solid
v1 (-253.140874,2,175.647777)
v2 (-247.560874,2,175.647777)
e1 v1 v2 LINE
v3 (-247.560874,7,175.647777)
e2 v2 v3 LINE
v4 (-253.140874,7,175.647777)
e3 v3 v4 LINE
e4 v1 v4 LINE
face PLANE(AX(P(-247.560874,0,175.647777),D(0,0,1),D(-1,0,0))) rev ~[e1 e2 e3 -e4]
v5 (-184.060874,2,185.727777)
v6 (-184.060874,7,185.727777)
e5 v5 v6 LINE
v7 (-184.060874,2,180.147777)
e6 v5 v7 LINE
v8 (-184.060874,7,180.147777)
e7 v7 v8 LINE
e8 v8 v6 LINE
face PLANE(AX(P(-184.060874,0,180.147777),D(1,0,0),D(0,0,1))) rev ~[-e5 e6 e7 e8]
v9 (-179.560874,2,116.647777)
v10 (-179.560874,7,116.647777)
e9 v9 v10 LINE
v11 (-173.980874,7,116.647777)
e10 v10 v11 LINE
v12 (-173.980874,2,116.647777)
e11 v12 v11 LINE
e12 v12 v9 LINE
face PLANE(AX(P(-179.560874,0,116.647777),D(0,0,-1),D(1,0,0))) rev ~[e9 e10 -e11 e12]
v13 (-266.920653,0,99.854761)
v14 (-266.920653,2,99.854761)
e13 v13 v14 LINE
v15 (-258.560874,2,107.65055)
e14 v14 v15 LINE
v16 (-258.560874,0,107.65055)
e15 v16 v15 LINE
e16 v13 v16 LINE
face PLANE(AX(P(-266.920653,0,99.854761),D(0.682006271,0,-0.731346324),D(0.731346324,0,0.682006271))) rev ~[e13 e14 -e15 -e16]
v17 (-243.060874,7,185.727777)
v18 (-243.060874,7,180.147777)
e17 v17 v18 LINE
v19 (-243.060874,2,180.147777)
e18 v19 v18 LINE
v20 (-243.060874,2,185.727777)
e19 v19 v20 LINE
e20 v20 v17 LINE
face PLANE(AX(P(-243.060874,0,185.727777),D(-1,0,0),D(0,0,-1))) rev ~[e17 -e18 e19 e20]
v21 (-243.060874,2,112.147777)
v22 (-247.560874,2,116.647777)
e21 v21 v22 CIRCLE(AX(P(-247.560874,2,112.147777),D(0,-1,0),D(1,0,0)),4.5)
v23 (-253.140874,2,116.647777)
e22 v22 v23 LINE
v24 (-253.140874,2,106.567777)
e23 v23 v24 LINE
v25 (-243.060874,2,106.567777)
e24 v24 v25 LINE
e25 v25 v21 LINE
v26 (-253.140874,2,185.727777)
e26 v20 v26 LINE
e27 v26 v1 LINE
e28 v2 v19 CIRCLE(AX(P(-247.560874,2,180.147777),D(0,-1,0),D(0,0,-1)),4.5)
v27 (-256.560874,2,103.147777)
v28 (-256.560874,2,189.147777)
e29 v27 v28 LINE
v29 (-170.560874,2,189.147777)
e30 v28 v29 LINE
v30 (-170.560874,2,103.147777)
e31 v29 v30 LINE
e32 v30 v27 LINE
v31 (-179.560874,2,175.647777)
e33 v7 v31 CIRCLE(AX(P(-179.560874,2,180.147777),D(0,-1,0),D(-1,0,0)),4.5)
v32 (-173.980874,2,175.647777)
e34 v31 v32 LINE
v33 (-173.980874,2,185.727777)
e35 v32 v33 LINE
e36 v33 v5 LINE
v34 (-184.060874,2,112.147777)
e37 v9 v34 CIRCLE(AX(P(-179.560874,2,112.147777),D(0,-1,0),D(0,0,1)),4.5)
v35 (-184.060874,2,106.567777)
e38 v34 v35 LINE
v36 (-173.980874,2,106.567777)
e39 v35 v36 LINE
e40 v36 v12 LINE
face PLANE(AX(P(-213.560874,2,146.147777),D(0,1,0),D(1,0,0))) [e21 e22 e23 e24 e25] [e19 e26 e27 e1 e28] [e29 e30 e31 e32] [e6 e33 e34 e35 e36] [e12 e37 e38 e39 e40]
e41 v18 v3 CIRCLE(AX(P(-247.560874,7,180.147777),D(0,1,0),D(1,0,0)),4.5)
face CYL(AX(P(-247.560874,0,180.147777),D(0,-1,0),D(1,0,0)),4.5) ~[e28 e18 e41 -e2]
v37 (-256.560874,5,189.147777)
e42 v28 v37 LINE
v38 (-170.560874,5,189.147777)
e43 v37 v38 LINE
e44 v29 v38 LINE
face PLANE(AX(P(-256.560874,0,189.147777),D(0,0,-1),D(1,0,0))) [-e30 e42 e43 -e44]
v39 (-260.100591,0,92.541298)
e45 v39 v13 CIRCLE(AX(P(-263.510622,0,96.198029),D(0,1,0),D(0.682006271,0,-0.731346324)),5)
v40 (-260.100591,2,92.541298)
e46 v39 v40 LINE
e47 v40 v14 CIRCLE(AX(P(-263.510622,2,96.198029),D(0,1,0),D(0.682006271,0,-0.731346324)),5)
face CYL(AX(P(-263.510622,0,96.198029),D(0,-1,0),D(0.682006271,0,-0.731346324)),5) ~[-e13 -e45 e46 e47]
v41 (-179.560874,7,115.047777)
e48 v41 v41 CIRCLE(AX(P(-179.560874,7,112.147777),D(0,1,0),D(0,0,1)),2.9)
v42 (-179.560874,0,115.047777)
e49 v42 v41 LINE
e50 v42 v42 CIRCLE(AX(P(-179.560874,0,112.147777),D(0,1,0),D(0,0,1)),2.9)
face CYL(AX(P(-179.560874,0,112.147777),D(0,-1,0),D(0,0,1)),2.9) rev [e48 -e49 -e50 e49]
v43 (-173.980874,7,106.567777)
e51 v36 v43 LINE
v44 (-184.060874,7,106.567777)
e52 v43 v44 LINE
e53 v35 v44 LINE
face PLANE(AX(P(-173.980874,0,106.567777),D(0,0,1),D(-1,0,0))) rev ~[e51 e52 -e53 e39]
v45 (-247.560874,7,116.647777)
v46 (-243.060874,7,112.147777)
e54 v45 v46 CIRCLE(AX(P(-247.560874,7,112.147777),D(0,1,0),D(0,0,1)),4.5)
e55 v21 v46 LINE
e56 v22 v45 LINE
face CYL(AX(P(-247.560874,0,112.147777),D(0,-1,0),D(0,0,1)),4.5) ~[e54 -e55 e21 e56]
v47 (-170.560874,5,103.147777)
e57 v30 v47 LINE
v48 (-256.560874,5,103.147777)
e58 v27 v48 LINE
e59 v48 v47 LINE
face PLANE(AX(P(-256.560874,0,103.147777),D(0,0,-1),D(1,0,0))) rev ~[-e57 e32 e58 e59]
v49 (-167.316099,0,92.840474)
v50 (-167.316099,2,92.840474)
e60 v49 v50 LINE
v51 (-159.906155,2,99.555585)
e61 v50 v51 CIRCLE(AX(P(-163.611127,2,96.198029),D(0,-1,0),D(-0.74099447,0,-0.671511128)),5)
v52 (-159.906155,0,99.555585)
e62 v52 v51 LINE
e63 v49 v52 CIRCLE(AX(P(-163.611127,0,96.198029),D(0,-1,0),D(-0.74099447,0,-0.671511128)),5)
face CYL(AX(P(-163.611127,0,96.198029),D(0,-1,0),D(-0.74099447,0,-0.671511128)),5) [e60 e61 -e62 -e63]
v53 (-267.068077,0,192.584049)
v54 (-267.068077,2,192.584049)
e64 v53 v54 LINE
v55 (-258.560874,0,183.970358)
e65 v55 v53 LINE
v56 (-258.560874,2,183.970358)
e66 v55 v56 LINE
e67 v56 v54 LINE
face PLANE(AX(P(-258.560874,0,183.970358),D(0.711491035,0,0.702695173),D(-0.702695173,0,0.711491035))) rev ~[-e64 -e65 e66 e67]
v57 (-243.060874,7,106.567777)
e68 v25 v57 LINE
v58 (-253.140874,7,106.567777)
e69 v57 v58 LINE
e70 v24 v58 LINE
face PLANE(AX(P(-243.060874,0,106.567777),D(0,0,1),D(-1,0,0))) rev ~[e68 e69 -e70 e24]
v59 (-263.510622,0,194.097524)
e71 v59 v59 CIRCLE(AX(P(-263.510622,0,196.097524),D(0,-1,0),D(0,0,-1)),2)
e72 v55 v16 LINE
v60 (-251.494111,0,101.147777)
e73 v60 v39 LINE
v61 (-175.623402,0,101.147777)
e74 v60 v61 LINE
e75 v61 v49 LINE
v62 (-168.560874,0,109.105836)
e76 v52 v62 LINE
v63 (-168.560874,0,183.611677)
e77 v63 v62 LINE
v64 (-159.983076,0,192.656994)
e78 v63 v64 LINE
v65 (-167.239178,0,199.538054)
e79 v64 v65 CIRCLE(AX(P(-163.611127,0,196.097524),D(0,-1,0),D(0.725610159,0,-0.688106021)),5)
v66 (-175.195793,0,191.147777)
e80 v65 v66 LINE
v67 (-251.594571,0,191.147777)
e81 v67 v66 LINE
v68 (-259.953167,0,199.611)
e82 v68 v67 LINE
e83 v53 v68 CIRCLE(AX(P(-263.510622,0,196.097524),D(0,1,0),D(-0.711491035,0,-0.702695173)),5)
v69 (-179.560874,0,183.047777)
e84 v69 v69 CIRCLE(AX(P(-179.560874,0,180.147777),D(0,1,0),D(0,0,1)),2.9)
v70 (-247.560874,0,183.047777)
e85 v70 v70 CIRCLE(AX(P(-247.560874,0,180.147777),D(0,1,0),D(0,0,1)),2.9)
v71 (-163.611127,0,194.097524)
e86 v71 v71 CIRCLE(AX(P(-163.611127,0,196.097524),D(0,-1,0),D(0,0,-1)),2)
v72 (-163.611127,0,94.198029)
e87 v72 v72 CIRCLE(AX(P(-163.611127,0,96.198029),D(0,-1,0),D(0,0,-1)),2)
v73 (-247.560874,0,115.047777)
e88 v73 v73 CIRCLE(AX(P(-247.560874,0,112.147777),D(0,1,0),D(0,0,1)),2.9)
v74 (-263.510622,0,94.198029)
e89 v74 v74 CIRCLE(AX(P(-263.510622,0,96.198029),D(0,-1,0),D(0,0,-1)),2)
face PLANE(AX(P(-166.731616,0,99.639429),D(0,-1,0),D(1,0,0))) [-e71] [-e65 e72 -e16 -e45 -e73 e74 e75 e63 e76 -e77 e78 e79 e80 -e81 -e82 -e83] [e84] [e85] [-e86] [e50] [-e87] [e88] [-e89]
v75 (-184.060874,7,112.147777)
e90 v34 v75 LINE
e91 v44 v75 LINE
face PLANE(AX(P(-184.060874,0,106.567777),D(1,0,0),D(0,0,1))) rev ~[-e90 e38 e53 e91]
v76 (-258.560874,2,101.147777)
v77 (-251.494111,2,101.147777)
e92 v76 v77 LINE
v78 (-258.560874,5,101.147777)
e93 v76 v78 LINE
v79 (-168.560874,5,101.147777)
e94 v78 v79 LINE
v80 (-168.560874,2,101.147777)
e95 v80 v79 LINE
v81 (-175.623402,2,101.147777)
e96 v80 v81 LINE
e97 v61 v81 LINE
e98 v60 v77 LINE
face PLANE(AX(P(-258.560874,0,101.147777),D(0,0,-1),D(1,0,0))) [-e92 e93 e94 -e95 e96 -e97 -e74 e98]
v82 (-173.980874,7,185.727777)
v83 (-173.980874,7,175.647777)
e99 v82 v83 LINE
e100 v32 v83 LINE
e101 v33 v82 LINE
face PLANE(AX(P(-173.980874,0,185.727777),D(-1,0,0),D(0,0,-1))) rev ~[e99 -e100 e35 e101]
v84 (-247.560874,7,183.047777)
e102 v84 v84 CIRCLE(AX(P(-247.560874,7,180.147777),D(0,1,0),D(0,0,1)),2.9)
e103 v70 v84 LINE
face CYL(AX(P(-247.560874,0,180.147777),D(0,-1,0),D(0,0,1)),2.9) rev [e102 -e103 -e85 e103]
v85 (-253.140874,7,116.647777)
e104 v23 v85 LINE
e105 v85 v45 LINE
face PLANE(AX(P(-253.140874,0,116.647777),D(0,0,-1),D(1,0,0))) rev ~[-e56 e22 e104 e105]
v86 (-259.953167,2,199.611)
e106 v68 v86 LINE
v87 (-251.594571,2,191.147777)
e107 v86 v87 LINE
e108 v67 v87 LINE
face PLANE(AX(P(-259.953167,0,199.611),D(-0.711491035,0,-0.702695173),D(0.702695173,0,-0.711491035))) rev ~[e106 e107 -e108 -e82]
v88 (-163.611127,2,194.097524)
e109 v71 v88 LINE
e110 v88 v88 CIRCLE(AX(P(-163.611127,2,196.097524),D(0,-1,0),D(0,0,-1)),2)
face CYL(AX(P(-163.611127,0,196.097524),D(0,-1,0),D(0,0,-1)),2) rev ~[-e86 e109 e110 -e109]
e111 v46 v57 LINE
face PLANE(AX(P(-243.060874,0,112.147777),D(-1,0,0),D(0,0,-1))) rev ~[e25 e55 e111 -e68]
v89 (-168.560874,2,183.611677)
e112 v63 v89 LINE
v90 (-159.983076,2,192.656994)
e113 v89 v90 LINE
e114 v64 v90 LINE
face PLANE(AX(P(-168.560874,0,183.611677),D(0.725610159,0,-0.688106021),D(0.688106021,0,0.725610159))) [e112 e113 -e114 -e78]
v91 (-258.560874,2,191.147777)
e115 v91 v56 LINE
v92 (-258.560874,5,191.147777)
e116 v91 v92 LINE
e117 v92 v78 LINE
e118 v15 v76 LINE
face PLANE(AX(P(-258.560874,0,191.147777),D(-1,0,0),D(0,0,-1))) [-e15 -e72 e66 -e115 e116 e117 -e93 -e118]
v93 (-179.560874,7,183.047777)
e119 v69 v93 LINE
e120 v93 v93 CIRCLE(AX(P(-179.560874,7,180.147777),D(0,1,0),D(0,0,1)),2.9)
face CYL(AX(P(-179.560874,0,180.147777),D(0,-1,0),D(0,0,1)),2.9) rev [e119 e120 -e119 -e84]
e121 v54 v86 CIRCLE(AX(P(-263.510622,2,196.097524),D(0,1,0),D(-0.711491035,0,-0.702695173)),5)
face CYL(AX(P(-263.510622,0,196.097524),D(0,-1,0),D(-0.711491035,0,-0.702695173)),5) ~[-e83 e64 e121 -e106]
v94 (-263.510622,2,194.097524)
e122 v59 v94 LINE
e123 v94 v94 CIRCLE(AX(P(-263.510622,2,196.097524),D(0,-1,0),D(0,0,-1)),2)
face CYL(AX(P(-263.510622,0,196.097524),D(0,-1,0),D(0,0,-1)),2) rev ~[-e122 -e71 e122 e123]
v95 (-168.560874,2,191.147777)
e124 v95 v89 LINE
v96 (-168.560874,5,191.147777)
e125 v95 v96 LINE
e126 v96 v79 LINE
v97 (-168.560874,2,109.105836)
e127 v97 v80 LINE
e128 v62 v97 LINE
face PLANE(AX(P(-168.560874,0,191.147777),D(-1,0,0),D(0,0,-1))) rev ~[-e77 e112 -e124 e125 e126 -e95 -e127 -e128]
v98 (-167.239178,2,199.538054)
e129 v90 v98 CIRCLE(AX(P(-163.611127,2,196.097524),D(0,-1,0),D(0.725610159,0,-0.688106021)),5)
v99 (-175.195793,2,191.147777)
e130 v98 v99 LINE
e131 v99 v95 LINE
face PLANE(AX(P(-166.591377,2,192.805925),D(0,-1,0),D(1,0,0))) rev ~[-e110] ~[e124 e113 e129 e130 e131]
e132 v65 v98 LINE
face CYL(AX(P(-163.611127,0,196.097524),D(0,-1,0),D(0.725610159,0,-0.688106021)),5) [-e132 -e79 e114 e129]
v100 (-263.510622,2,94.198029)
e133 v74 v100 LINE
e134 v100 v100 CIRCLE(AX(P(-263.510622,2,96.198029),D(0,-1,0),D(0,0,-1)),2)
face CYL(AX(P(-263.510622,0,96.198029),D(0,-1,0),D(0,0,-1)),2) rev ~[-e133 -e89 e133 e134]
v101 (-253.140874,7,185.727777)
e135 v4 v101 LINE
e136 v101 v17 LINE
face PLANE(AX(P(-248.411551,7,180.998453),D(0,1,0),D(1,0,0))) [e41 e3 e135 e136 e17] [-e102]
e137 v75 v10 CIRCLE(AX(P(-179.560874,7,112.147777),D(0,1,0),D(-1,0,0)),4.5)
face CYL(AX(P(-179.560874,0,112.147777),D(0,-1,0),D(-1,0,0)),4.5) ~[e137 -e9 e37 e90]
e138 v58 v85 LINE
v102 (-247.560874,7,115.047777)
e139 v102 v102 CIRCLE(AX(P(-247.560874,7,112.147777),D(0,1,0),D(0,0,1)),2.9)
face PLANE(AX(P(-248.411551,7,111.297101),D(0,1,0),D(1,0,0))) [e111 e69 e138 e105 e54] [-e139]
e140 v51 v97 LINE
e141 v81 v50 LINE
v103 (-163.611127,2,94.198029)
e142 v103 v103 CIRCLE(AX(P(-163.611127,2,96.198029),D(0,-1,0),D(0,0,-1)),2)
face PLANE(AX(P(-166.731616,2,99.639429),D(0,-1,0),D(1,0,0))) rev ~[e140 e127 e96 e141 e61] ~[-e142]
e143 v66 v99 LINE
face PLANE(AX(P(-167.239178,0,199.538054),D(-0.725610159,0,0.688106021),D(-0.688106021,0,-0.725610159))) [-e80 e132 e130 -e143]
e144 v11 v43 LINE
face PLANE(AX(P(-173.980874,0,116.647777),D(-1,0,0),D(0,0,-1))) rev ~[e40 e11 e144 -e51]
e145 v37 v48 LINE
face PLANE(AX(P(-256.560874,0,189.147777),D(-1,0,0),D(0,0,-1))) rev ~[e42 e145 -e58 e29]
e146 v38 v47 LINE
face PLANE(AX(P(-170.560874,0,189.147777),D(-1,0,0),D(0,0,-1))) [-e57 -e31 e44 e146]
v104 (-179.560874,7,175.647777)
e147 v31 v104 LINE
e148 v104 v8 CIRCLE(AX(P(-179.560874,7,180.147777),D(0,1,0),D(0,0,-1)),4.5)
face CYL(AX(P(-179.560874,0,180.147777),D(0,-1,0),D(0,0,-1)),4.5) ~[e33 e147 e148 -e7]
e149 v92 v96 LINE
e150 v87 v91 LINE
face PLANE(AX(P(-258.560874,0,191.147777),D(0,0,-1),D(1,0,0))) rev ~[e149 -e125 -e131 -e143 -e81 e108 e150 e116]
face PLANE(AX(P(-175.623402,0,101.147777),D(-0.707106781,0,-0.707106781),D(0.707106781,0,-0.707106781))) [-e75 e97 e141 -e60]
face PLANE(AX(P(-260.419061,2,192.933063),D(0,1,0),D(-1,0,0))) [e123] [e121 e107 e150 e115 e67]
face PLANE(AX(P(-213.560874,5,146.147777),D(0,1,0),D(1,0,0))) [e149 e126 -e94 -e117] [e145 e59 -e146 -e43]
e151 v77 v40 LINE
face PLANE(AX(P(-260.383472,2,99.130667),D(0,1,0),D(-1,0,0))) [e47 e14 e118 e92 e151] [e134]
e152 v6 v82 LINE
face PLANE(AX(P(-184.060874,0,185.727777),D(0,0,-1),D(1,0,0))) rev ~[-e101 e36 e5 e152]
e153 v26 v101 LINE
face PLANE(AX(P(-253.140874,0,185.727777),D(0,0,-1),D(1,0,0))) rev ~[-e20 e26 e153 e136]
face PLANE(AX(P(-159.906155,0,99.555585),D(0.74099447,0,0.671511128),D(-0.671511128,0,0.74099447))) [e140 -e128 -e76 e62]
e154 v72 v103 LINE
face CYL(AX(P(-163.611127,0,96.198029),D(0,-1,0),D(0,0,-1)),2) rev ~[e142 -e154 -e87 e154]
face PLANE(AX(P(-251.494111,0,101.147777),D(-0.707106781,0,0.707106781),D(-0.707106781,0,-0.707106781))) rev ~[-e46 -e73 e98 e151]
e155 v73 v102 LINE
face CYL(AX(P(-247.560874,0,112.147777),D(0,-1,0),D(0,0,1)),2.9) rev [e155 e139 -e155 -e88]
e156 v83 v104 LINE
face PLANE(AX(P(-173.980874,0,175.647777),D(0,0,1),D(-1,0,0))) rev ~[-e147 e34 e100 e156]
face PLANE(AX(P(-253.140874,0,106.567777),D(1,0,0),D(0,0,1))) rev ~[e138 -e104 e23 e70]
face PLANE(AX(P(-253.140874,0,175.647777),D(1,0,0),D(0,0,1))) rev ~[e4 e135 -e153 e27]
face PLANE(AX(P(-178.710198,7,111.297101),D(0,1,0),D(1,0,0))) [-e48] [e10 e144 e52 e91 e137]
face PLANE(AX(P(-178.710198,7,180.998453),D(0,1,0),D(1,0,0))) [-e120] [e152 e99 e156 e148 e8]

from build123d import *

# Parameters (mm, degrees)
BOSS_EXTRUDE1_DEPTH  = 5
BOSS_EXTRUDE2_DEPTH  = 2
SKETCH1_9_R          = 2.9
BOSS_EXTRUDE11_DEPTH = 7
BOSS_EXTRUDE12_DEPTH = 2
SKETCH2_R            = 2
BOSS_EXTRUDE13_DEPTH = 2


with BuildPart() as part:
    # Sketch1 → Boss-Extrude1 (new body)
    with BuildSketch(Plane(origin=(0, 0, 0), x_dir=(1, 0, 0), z_dir=(0, 1, 0))):
        Polygon((-170.560874466, -191.147776914), (-168.560874466, -191.147776914), (-168.560874466, -101.147776914), (-258.560874466, -101.147776914), (-258.560874466, -191.147776914), align=None)
        Polygon((-170.560874466, -103.147776914), (-170.560874466, -189.147776914), (-173.980874466, -189.147776914), (-256.560874466, -189.147776914), (-256.560874466, -103.147776914), align=None, mode=Mode.SUBTRACT)
    extrude(amount=BOSS_EXTRUDE1_DEPTH)

    # Sketch1<3> → Boss-Extrude2 (add)
    with BuildSketch(Plane(origin=(0, 0, 0), x_dir=(1, 0, 0), z_dir=(0, 1, 0))):
        Polygon((-173.980874466, -189.147776914), (-170.560874466, -189.147776914), (-170.560874466, -103.147776914), (-256.560874466, -103.147776914), (-256.560874466, -189.147776914), align=None)
        Polygon((-173.980874466, -175.647776914), (-173.980874466, -185.727776914), (-176.060874466, -185.727776914), (-184.060874466, -185.727776914), (-243.060874466, -185.727776914), (-253.140874466, -185.727776914), (-253.140874466, -175.647776914), (-253.140874466, -116.647776914), (-253.140874466, -106.567776914), (-243.060874466, -106.567776914), (-184.060874466, -106.567776914), (-173.980874466, -106.567776914), (-173.980874466, -116.647776914), align=None, mode=Mode.SUBTRACT)
    extrude(amount=BOSS_EXTRUDE2_DEPTH)

    # Sketch1<9> → Boss-Extrude11 (add)
    # profile 1 of 4: a face of its own
    with BuildSketch(Plane(origin=(0, 0, 0), x_dir=(1, 0, 0), z_dir=(0, 1, 0))):
        with BuildLine():
            Line((-173.980874466, -185.727776914), (-173.980874466, -175.647776914))
            Line((-173.980874466, -175.647776914), (-179.560874466, -175.647776914))
            ThreePointArc((-179.560874466, -175.647776914), (-182.742854981, -176.965796398), (-184.060874466, -180.147776914))
            Line((-184.060874466, -180.147776914), (-184.060874466, -185.727776914))
            Line((-184.060874466, -185.727776914), (-173.980874466, -185.727776914))
        make_face()
        with Locations((-179.560874466, -180.147776914)):
            Circle(SKETCH1_9_R, mode=Mode.SUBTRACT)
    # profile 2 of 4: a face of its own
    with BuildSketch(Plane(origin=(0, 0, 0), x_dir=(1, 0, 0), z_dir=(0, 1, 0))):
        with BuildLine():
            Line((-173.980874466, -116.647776914), (-173.980874466, -106.567776914))
            Line((-173.980874466, -106.567776914), (-184.060874466, -106.567776914))
            Line((-184.060874466, -106.567776914), (-184.060874466, -112.147776914))
            ThreePointArc((-184.060874466, -112.147776914), (-182.742854981, -115.329757429), (-179.560874466, -116.647776914))
            Line((-179.560874466, -116.647776914), (-173.980874466, -116.647776914))
        make_face()
        with Locations((-179.560874466, -112.147776914)):
            Circle(SKETCH1_9_R, mode=Mode.SUBTRACT)
    # profile 3 of 4: a face of its own
    with BuildSketch(Plane(origin=(0, 0, 0), x_dir=(1, 0, 0), z_dir=(0, 1, 0))):
        with BuildLine():
            Line((-253.140874466, -185.727776914), (-243.060874466, -185.727776914))
            Line((-243.060874466, -185.727776914), (-243.060874466, -180.147776914))
            ThreePointArc((-243.060874466, -180.147776914), (-244.378893951, -176.965796398), (-247.560874466, -175.647776914))
            Line((-247.560874466, -175.647776914), (-253.140874466, -175.647776914))
            Line((-253.140874466, -175.647776914), (-253.140874466, -185.727776914))
        make_face()
        with Locations((-247.560874466, -180.147776914)):
            Circle(SKETCH1_9_R, mode=Mode.SUBTRACT)
    # profile 4 of 4: a face of its own
    with BuildSketch(Plane(origin=(0, 0, 0), x_dir=(1, 0, 0), z_dir=(0, 1, 0))):
        with BuildLine():
            Line((-243.060874466, -106.567776914), (-253.140874466, -106.567776914))
            Line((-253.140874466, -106.567776914), (-253.140874466, -116.647776914))
            Line((-253.140874466, -116.647776914), (-247.560874466, -116.647776914))
            ThreePointArc((-247.560874466, -116.647776914), (-244.378893951, -115.329757429), (-243.060874466, -112.147776914))
            Line((-243.060874466, -112.147776914), (-243.060874466, -106.567776914))
        make_face()
        with Locations((-247.560874466, -112.147776914)):
            Circle(SKETCH1_9_R, mode=Mode.SUBTRACT)
    extrude(amount=BOSS_EXTRUDE11_DEPTH)

    # Sketch1<10> → Boss-Extrude12 (add)
    with BuildSketch(Plane(origin=(0, 0, 0), x_dir=(1, 0, 0), z_dir=(0, 1, 0))):
        with BuildLine():
            Line((-173.980874466, -175.647776914), (-173.980874466, -116.647776914))
            Line((-173.980874466, -116.647776914), (-179.560874466, -116.647776914))
            ThreePointArc((-179.560874466, -116.647776914), (-182.742854981, -115.329757429), (-184.060874466, -112.147776914))
            Line((-184.060874466, -112.147776914), (-184.060874466, -106.567776914))
            Line((-184.060874466, -106.567776914), (-243.060874466, -106.567776914))
            Line((-243.060874466, -106.567776914), (-243.060874466, -112.147776914))
            ThreePointArc((-243.060874466, -112.147776914), (-244.378893951, -115.329757429), (-247.560874466, -116.647776914))
            Line((-247.560874466, -116.647776914), (-253.140874466, -116.647776914))
            Line((-253.140874466, -116.647776914), (-253.140874466, -175.647776914))
            Line((-253.140874466, -175.647776914), (-247.560874466, -175.647776914))
            ThreePointArc((-247.560874466, -175.647776914), (-244.378893951, -176.965796398), (-243.060874466, -180.147776914))
            Line((-243.060874466, -180.147776914), (-243.060874466, -185.727776914))
            Line((-243.060874466, -185.727776914), (-184.060874466, -185.727776914))
            Line((-184.060874466, -185.727776914), (-184.060874466, -180.147776914))
            ThreePointArc((-184.060874466, -180.147776914), (-182.742854981, -176.965796398), (-179.560874466, -175.647776914))
            Line((-179.560874466, -175.647776914), (-173.980874466, -175.647776914))
        make_face()
    extrude(amount=BOSS_EXTRUDE12_DEPTH)

    # Sketch2 → Boss-Extrude13 (add)
    # profile 1 of 4: a face of its own
    with BuildSketch(Plane.XZ):
        with BuildLine():
            Line((-168.560874466, 109.105835649), (-168.560874466, 101.147776914))
            Line((-168.560874466, 101.147776914), (-175.623402457, 101.147776914))
            Line((-175.623402457, 101.147776914), (-167.316099349, 92.840473806))
            ThreePointArc((-167.316099349, 92.840473806), (-160.253571358, 92.493057094), (-159.906154646, 99.555585085))
            Line((-159.906154646, 99.555585085), (-168.560874466, 109.105835649))
        make_face()
        with Locations((-163.611126998, 96.198029445)):
            Circle(SKETCH2_R, mode=Mode.SUBTRACT)
    # profile 2 of 4: a face of its own
    with BuildSketch(Plane.XZ):
        with BuildLine():
            Line((-260.100590579, 92.541297823), (-251.494111489, 101.147776914))
            Line((-251.494111489, 101.147776914), (-258.560874466, 101.147776914))
            Line((-258.560874466, 101.147776914), (-258.560874466, 107.650550002))
            Line((-258.560874466, 107.650550002), (-266.92065329, 99.854761067))
            ThreePointArc((-266.92065329, 99.854761067), (-267.167353556, 92.78799809), (-260.100590579, 92.541297823))
        make_face()
        with Locations((-263.510621934, 96.198029445)):
            Circle(SKETCH2_R, mode=Mode.SUBTRACT)
    # profile 3 of 4: a face of its own
    with BuildSketch(Plane.XZ):
        with BuildLine():
            Line((-168.560874466, 191.147776914), (-168.560874466, 183.611676585))
            Line((-168.560874466, 183.611676585), (-159.983076201, 192.656994276))
            ThreePointArc((-159.983076201, 192.656994276), (-160.170596891, 199.725575179), (-167.239177795, 199.538054488))
            Line((-167.239177795, 199.538054488), (-175.195792575, 191.147776914))
            Line((-175.195792575, 191.147776914), (-168.560874466, 191.147776914))
        make_face()
        with Locations((-163.611126998, 196.097524382)):
            Circle(SKETCH2_R, mode=Mode.SUBTRACT)
    # profile 4 of 4: a face of its own
    with BuildSketch(Plane.XZ):
        with BuildLine():
            Line((-267.068077111, 192.584048515), (-258.560874466, 183.970358473))
            Line((-258.560874466, 183.970358473), (-258.560874466, 191.147776914))
            Line((-258.560874466, 191.147776914), (-251.594570664, 191.147776914))
            Line((-251.594570664, 191.147776914), (-259.953166758, 199.611000249))
            ThreePointArc((-259.953166758, 199.611000249), (-267.024097801, 199.654979559), (-267.068077111, 192.584048515))
        make_face()
        with Locations((-263.510621934, 196.097524382)):
            Circle(SKETCH2_R, mode=Mode.SUBTRACT)
    extrude(amount=-BOSS_EXTRUDE13_DEPTH)


solid = part.part
